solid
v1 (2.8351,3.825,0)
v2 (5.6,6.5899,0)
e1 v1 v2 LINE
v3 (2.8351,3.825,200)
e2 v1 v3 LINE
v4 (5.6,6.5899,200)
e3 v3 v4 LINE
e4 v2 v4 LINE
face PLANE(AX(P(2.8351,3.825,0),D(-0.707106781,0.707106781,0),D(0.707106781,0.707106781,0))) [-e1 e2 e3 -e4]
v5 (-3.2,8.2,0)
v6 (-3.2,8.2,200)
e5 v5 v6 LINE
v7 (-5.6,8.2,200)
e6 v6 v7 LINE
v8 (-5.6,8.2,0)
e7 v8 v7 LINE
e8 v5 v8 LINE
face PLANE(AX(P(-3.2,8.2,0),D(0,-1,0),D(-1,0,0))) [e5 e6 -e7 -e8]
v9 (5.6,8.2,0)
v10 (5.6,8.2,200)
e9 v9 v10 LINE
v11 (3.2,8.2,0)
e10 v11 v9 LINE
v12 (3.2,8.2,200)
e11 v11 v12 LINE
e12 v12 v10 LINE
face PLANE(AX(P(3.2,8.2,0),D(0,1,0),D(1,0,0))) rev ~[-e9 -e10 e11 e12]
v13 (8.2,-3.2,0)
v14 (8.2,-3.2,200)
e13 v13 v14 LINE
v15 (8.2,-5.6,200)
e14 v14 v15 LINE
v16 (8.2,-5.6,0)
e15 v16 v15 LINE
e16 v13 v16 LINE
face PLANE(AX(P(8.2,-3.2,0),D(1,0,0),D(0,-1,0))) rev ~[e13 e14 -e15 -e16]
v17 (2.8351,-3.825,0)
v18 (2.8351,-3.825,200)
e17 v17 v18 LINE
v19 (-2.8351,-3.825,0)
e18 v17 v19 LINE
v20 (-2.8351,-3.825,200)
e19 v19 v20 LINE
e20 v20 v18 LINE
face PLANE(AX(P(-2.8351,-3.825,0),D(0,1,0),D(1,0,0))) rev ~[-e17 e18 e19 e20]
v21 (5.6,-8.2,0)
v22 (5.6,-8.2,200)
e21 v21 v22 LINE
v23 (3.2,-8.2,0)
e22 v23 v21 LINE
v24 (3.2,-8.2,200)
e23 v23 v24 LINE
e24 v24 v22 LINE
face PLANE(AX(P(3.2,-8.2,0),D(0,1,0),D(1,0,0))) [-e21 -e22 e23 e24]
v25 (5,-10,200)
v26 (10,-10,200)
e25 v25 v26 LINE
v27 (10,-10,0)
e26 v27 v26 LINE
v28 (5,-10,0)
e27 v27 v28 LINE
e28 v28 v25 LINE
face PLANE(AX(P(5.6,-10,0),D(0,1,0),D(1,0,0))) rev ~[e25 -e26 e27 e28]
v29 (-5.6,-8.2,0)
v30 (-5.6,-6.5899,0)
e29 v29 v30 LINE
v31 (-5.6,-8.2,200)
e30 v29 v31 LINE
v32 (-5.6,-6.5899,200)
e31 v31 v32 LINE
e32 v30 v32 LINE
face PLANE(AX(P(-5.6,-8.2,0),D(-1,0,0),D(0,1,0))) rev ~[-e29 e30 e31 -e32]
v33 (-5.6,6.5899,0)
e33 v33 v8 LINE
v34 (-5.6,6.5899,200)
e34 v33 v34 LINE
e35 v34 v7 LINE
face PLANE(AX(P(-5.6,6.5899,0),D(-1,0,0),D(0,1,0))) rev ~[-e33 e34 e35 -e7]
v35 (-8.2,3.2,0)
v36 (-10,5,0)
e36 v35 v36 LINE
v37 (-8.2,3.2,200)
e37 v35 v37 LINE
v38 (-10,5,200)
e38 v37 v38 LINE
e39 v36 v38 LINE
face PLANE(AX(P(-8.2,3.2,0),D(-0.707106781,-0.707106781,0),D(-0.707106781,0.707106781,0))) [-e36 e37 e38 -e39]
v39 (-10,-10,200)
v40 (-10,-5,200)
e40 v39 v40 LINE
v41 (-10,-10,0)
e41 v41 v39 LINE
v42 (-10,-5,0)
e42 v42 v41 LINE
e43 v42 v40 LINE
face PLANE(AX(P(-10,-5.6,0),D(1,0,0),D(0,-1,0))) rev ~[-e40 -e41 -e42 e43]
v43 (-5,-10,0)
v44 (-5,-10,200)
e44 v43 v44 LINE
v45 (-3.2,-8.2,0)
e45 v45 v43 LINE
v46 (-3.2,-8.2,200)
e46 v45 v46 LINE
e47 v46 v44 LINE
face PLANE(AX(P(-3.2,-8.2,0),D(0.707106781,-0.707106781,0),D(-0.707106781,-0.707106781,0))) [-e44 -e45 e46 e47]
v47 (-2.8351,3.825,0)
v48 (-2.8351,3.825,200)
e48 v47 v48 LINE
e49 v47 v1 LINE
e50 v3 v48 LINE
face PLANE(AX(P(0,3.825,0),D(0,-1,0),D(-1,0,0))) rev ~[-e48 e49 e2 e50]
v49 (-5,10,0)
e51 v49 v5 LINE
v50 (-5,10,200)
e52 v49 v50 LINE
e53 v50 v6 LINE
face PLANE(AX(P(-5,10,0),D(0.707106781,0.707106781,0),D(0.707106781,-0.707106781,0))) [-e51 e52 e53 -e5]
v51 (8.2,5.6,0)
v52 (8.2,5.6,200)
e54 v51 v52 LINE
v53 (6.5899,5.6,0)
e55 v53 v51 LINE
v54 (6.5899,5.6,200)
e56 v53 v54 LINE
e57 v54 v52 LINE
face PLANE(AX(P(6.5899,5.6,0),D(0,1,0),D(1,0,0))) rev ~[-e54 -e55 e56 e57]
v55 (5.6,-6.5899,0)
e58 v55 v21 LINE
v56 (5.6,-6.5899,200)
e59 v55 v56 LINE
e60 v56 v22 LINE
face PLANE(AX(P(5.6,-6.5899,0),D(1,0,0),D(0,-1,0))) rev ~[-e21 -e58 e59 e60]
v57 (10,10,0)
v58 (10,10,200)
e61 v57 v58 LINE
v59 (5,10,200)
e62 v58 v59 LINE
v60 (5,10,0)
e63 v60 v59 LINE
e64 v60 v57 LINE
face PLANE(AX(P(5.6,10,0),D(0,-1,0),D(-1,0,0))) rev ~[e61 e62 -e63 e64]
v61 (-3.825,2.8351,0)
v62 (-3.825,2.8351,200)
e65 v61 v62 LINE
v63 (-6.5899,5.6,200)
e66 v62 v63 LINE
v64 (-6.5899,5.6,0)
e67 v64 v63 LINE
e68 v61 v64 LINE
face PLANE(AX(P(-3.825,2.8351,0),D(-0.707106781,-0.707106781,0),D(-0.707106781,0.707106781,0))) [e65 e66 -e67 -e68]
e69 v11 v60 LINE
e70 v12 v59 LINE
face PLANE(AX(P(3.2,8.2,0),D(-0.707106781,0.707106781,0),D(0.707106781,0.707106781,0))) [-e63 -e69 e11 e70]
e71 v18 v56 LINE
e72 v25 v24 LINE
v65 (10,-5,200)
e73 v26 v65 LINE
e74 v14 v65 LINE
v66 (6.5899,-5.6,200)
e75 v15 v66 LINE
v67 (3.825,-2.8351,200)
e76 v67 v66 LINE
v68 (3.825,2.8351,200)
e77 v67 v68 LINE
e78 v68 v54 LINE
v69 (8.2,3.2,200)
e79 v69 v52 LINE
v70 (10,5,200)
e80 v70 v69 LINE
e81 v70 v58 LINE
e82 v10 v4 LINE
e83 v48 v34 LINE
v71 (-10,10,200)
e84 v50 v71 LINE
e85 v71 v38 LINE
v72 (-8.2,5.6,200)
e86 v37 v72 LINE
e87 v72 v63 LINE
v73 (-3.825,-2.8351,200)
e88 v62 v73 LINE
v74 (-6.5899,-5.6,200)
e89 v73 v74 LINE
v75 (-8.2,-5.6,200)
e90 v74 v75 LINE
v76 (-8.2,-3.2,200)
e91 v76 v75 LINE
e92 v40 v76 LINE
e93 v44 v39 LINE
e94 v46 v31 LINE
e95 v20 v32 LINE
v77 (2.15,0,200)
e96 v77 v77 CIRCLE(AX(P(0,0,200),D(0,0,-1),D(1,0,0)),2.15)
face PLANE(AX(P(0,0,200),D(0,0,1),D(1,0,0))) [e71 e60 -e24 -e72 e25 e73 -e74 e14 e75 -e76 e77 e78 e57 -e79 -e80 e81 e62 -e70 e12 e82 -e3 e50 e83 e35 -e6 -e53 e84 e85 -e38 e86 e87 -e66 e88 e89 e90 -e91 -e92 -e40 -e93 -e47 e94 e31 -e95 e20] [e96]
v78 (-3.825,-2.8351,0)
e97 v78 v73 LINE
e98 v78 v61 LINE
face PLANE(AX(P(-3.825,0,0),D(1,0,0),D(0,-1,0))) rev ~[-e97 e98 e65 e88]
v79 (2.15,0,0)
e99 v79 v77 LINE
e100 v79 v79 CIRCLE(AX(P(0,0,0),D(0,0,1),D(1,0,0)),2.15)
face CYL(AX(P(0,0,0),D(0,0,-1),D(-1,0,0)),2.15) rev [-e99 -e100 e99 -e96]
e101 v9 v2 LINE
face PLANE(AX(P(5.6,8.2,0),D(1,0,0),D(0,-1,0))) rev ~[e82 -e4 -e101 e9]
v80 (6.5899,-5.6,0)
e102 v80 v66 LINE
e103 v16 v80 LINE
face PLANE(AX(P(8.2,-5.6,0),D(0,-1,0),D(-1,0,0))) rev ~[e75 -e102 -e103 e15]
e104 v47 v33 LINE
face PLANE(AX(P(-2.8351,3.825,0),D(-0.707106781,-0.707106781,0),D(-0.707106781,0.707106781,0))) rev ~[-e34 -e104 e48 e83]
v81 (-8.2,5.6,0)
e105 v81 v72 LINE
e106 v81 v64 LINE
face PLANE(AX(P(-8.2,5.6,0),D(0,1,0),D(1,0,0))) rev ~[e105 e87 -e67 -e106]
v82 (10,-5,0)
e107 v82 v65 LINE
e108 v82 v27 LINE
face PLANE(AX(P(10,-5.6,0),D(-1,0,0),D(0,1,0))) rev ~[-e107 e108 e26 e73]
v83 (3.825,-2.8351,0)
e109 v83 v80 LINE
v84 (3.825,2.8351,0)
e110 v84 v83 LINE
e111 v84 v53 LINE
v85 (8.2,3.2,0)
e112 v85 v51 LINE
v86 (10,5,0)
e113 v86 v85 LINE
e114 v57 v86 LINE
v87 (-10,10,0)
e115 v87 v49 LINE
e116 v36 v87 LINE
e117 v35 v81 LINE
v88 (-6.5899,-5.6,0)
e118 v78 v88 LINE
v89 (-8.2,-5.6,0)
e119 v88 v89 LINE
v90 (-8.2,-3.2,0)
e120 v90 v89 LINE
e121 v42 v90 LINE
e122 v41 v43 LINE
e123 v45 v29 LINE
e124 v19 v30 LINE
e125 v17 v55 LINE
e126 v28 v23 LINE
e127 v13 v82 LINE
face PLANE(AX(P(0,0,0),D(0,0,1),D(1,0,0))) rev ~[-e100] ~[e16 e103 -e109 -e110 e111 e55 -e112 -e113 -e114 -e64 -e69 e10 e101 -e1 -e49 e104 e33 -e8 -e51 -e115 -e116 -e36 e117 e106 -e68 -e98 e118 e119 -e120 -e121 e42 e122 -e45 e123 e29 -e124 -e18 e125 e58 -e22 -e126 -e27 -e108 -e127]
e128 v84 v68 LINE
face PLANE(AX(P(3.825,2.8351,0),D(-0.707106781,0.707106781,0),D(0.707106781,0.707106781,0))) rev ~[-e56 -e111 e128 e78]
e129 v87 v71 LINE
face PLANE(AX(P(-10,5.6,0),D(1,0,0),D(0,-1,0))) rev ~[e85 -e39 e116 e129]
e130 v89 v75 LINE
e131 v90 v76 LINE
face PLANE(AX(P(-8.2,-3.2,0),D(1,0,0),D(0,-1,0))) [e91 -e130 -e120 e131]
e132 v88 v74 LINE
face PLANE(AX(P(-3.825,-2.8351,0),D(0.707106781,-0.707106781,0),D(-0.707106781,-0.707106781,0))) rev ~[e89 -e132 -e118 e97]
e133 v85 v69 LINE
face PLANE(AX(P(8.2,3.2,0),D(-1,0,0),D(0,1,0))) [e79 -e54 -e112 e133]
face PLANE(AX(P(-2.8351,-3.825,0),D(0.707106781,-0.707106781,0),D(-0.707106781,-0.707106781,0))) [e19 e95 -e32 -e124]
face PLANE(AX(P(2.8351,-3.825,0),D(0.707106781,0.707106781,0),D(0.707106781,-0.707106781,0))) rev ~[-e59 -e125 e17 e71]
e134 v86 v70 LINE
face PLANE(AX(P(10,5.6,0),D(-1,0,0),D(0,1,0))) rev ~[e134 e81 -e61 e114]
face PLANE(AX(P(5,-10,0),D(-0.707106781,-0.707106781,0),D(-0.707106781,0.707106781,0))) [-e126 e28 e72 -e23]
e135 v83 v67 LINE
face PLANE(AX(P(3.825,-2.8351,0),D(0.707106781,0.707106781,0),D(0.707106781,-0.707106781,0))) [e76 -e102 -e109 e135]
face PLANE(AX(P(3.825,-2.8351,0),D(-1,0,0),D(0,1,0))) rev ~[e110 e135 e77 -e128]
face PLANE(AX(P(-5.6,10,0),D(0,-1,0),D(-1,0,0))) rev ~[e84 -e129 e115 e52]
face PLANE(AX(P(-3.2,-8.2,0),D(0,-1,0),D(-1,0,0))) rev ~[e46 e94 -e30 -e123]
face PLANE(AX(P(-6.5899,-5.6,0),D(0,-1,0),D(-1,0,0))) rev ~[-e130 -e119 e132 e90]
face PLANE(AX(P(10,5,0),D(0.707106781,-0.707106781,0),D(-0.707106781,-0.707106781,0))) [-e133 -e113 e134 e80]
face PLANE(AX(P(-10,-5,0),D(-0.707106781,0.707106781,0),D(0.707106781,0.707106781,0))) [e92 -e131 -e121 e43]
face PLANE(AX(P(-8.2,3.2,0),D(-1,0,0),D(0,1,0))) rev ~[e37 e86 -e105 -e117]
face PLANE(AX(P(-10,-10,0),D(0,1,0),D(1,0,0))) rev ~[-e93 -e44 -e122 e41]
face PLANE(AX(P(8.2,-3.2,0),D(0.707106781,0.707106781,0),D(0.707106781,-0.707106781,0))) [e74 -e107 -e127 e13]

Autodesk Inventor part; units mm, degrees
ref_plane "YZ Plane" through (0, 0, 0) normal (1, 0, 0) x (0, 1, 0)
ref_plane "XZ Plane" through (0, 0, 0) normal (0, 1, 0) x (-1, 0, 0)
ref_plane "XY Plane" through (0, 0, 0) normal (0, 0, 1) x (1, 0, 0)
sketch "Sketch1" plane through (0, 0, 0) normal (0, 0, 1) x (1, 0, 0)
  line L0 (-10, -10) -> (-5.6, -10)
  line L1 (-10, -5.6) -> (-10, -10)
  line L2 (-5.6, -10) -> (-5, -10)
  line L3 (-3.2, -8.2) -> (-5.6, -8.2)
  line L4 (-2.8351, -3.825) -> (-5.6, -6.5899)
  line L5 (-3.825, -2.8351) -> (-6.5899, -5.6)
  line L6 (0, 0) -> (0, -11) construction
  line L7 (0, 0) -> (-12, 0) construction
  line L8 (-3.2, -8.2) -> (-5, -10)
  line L9 (-6.5899, -5.6) -> (-8.2, -5.6)
  line L10 (-10, -5.6) -> (-10, -5)
  line L11 (-10, -5) -> (-8.2, -3.2)
  line L12 (-8.2, -3.2) -> (-8.2, -5.6)
  line L13 (-5.6, -8.2) -> (-5.6, -6.5899)
  arc A0 (-2.15, 0) -> (0, -2.15) centre (0, 0) ccw
  line L14 (0, 0) -> (-3.825, 0)
  line L15 (-3.825, 0) -> (-3.825, -2.8351)
  line L16 (-2.8351, -3.825) -> (0, -3.825)
  line L17 (0, -3.825) -> (0, 0)
  line L18 (-2.8351, -3.825) -> (-3.825, -3.825) construction
  line L19 (-3.825, -3.825) -> (-3.825, -2.8351) construction
  line L20 (3.825, -2.8351) -> (3.825, -3.825) construction
  line L21 (3.825, -2.8351) -> (3.825, 0)
  line L22 (3.825, -3.825) -> (2.8351, -3.825) construction
  line L23 (3.825, 0) -> (0, 0)
  line L24 (0, -3.825) -> (2.8351, -3.825)
  arc A1 (0, -2.15) -> (2.15, 0) centre (0, 0) ccw
  line L25 (0, 0) -> (0, -3.825)
  line L26 (2.8351, -3.825) -> (5.6, -6.5899)
  line L27 (0, 0) -> (0, -12) construction
  line L28 (0, 0) -> (11, 0) construction
  line L29 (3.825, -2.8351) -> (6.5899, -5.6)
  line L30 (8.2, -3.2) -> (8.2, -5.6)
  line L31 (10, -5.6) -> (10, -5)
  line L32 (8.2, -3.2) -> (10, -5)
  line L33 (8.2, -5.6) -> (6.5899, -5.6)
  line L34 (5.6, -6.5899) -> (5.6, -8.2)
  line L35 (10, -10) -> (10, -5.6)
  line L36 (5.6, -10) -> (10, -10)
  line L37 (3.2, -8.2) -> (5.6, -8.2)
  line L38 (5, -10) -> (3.2, -8.2)
  line L39 (5.6, -10) -> (5, -10)
  line L40 (2.8351, 3.825) -> (3.825, 3.825) construction
  line L41 (2.8351, 3.825) -> (0, 3.825)
  line L42 (3.825, 3.825) -> (3.825, 2.8351) construction
  line L43 (0, 3.825) -> (0, 0)
  line L44 (3.825, 0) -> (3.825, 2.8351)
  arc A2 (2.15, 0) -> (0, 2.15) centre (0, 0) ccw
  line L45 (0, 0) -> (3.825, 0)
  line L46 (3.825, 2.8351) -> (6.5899, 5.6)
  line L47 (0, 0) -> (12, 0) construction
  line L48 (0, 0) -> (0, 11) construction
  line L49 (2.8351, 3.825) -> (5.6, 6.5899)
  line L50 (3.2, 8.2) -> (5.6, 8.2)
  line L51 (5.6, 10) -> (5, 10)
  line L52 (3.2, 8.2) -> (5, 10)
  line L53 (5.6, 8.2) -> (5.6, 6.5899)
  line L54 (6.5899, 5.6) -> (8.2, 5.6)
  line L55 (10, 10) -> (5.6, 10)
  line L56 (10, 5.6) -> (10, 10)
  line L57 (8.2, 3.2) -> (8.2, 5.6)
  line L58 (10, 5) -> (8.2, 3.2)
  line L59 (10, 5.6) -> (10, 5)
  line L60 (-3.825, 2.8351) -> (-3.825, 3.825) construction
  line L61 (-3.825, 2.8351) -> (-3.825, 0)
  line L62 (-3.825, 3.825) -> (-2.8351, 3.825) construction
  line L63 (-3.825, 0) -> (0, 0)
  line L64 (0, 3.825) -> (-2.8351, 3.825)
  arc A3 (0, 2.15) -> (-2.15, 0) centre (0, 0) ccw
  line L65 (0, 0) -> (0, 3.825)
  line L66 (-2.8351, 3.825) -> (-5.6, 6.5899)
  line L67 (0, 0) -> (0, 12) construction
  line L68 (0, 0) -> (-11, 0) construction
  line L69 (-3.825, 2.8351) -> (-6.5899, 5.6)
  line L70 (-8.2, 3.2) -> (-8.2, 5.6)
  line L71 (-10, 5.6) -> (-10, 5)
  line L72 (-8.2, 3.2) -> (-10, 5)
  line L73 (-8.2, 5.6) -> (-6.5899, 5.6)
  line L74 (-5.6, 6.5899) -> (-5.6, 8.2)
  line L75 (-10, 10) -> (-10, 5.6)
  line L76 (-5.6, 10) -> (-10, 10)
  line L77 (-3.2, 8.2) -> (-5.6, 8.2)
  line L78 (-5, 10) -> (-3.2, 8.2)
  line L79 (-5.6, 10) -> (-5, 10)
  point P0 (0, 2.15)
  point P1 (2.15, 0)
  point P2 (0, -2.15)
  dimension "d16" = 10
  dimension "d19" = 3.2
  dimension "d21" = 4.4
  dimension "d22" = 4.4
  dimension "d24" = 45
  dimension "d25" = 1.8
  dimension "d27" = 1.8
  dimension "d28" = 45
  dimension "d29" = 3.2
  dimension "d31" = 1.4
  dimension "d33" = 2.15
  dimension "d34" = 3.825
  dimension "d35" = 3.825
  dimension "d36" = 135
  dimension "d39" = 360
extrude "Extrusion1" add sketch "Sketch1" along normal blind 200 contours L1 L10 L11 L12 L9 L5 L15 L14 A0 L17 L16 L4 L13 L3 L8 L2 L0 | L17 A1 L23 L21 L29 L33 L30 L32 L31 L35 L36 L39 L38 L37 L34 L26 L24 | L61 L69 L73 L70 L72 L71 L75 L76 L79 L78 L77 L74 L66 L64 L43 A3 L14 | A2 L43 L41 L49 L53 L50 L52 L51 L55 L56 L59 L58 L57 L54 L46 L44 L23
properties part number "AP20x20"
